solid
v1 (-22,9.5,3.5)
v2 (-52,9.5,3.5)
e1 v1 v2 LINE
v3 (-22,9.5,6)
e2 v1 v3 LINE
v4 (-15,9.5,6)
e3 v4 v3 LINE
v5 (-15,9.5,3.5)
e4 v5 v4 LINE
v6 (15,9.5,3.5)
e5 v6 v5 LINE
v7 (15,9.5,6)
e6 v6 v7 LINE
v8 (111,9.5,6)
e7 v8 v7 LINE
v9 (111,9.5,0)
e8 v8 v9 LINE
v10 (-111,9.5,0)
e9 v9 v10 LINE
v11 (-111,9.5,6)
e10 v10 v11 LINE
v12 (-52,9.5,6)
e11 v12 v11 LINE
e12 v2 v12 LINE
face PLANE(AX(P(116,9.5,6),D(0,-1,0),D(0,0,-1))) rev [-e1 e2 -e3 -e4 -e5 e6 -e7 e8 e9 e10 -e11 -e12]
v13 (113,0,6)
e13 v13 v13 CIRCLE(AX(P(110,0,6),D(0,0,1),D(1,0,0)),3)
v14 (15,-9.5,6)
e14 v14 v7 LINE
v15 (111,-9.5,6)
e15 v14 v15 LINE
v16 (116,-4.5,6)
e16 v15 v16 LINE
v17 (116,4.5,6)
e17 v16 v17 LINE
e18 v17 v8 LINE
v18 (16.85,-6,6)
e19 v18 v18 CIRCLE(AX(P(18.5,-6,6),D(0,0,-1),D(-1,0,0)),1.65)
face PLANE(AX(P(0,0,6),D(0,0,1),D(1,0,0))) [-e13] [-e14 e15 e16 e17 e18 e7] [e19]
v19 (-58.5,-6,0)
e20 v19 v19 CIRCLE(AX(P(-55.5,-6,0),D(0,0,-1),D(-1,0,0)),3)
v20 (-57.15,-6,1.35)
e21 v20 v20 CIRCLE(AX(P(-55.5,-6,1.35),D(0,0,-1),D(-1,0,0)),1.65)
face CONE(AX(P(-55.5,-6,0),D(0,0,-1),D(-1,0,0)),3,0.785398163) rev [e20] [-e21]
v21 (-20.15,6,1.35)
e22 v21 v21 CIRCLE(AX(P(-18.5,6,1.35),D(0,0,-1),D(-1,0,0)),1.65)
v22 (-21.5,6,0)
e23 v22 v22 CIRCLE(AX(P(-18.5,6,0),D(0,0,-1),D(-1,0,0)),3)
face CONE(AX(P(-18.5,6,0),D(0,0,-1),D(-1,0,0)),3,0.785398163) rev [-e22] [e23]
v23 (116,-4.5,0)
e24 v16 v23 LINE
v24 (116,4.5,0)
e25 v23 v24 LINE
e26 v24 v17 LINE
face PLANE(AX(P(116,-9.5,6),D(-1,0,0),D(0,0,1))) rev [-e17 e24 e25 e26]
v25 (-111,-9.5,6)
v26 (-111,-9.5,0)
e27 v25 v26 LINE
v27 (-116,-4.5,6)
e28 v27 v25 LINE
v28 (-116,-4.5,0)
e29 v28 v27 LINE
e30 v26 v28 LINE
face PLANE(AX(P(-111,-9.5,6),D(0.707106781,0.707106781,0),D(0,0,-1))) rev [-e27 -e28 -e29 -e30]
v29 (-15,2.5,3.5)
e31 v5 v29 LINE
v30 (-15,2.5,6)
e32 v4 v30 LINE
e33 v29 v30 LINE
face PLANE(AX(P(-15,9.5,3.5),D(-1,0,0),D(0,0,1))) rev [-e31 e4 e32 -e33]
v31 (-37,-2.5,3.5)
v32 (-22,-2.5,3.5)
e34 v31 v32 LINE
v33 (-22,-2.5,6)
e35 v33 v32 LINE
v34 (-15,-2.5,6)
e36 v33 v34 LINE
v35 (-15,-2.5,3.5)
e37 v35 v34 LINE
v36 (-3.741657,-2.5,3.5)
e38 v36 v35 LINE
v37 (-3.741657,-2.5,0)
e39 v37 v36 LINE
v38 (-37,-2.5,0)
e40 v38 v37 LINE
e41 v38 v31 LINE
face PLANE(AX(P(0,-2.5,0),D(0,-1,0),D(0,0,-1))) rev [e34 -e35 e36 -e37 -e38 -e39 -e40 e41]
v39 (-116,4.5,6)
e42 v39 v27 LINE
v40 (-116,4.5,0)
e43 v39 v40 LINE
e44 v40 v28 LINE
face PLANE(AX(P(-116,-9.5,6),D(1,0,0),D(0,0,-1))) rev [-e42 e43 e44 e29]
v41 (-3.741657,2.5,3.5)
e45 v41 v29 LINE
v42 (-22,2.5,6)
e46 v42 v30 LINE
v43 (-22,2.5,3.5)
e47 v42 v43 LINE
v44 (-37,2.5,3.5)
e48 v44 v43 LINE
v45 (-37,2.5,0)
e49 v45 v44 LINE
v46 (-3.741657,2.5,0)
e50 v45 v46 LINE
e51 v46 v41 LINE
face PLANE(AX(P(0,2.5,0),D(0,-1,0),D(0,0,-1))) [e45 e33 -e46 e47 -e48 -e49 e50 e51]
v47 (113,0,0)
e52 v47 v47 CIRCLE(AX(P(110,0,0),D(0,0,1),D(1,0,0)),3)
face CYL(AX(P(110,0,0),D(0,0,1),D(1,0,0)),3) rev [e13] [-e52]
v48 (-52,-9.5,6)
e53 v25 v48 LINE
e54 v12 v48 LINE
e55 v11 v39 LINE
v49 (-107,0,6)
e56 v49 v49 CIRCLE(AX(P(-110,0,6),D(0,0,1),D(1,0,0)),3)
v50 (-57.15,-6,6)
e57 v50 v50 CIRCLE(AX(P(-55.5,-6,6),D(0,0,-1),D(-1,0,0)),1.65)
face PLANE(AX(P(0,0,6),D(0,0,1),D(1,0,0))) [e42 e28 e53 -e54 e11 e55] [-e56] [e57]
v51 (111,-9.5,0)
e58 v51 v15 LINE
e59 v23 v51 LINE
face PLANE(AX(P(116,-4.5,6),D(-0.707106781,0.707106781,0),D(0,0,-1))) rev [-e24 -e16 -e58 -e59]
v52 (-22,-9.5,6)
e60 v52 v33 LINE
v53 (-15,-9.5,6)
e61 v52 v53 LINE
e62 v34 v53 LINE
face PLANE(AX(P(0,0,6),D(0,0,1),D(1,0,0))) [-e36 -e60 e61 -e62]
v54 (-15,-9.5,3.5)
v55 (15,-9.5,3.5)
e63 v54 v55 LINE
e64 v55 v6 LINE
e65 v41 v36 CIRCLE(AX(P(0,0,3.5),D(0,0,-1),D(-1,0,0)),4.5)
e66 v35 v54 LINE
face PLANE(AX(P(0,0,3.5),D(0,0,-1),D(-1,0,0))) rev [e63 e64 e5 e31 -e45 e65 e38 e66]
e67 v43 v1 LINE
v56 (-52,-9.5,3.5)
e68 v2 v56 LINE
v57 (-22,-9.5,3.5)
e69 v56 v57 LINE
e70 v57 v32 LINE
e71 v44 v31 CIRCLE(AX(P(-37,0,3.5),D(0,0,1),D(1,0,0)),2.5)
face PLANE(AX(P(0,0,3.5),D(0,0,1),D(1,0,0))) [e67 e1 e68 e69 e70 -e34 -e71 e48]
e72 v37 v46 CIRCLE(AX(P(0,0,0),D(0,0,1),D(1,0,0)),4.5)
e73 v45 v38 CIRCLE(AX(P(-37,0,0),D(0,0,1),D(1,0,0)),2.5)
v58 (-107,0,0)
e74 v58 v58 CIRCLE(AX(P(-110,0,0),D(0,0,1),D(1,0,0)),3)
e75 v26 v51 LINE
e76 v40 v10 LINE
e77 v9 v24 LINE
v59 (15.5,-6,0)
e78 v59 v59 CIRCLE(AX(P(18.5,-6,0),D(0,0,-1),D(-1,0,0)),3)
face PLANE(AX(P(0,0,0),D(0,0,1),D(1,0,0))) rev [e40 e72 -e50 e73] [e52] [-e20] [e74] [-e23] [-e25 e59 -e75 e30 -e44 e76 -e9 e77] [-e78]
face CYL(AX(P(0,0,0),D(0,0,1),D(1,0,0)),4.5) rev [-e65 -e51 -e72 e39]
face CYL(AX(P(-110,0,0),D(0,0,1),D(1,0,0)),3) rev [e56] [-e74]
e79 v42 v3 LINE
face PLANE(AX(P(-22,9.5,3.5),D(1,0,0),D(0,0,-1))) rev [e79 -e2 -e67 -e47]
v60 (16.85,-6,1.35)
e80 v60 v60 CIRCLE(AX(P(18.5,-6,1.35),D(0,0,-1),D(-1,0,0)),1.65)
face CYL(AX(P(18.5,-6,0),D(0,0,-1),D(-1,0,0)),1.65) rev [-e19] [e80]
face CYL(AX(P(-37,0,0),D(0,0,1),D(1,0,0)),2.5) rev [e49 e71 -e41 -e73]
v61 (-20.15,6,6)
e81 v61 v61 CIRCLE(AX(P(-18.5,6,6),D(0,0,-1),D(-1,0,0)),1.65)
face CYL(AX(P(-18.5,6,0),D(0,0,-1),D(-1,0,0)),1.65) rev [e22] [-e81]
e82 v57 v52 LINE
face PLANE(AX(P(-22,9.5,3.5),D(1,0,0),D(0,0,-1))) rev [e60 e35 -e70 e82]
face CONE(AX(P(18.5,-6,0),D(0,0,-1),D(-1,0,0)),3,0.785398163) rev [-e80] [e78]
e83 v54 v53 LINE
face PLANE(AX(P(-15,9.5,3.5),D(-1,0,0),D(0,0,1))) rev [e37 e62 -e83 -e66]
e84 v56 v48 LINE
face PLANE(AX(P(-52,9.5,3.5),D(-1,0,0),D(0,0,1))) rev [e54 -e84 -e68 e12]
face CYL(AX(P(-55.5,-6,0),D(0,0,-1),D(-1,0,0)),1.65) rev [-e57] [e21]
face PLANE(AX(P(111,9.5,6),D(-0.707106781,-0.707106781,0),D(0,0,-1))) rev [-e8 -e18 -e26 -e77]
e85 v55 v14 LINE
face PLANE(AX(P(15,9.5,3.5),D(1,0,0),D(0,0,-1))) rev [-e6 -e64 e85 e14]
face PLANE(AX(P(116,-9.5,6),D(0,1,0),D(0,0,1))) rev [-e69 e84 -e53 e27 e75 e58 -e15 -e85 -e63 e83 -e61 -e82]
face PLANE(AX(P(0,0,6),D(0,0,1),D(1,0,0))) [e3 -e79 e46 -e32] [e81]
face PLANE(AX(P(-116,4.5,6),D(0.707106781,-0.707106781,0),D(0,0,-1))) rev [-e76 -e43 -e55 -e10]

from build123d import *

# Parameters (mm, degrees)
SKETCH_1_W                   = 232
SKETCH_1_H                   = 19
EXTRUDE_1_DEPTH              = 6
SKETCH_3_W                   = 30
SKETCH_3_H                   = 19
CUT_EXTRUDE_2_DEPTH          = 2.5
SKETCH_5_R                   = 3
CUT_EXTRUDE_4_DEPTH          = 117.542910552
SKETCH_4_R                   = 4.5
CUT_EXTRUDE_3_DEPTH          = 117.542910552
CHAMFER_1_SIZE               = 5
HOLE_WIZARD_M6_1_D           = 3.3
HOLE_WIZARD_M6_1_CSINK_D     = 6
HOLE_WIZARD_M6_1_CSINK_ANGLE = 90


with BuildPart() as part:
    # 草图1 → 凸台-拉伸1 (new body)
    with BuildSketch(Plane.XY):
        Rectangle(SKETCH_1_W, SKETCH_1_H)
    extrude(amount=EXTRUDE_1_DEPTH)

    # 草图3 → 切除-拉伸2 (cut)
    with BuildSketch(Plane.XY.offset(6)):
        with Locations((-37, 0)):
            Rectangle(SKETCH_3_W, SKETCH_3_H)
        Rectangle(SKETCH_3_W, SKETCH_3_H)
    extrude(amount=-CUT_EXTRUDE_2_DEPTH, mode=Mode.SUBTRACT)

    # 草图5 → 切除-拉伸4 (cut, through all)
    with BuildSketch(Plane.XY.offset(6)):
        with Locations((110, 0)):
            Circle(SKETCH_5_R)
        with Locations((-110, 0)):
            Circle(SKETCH_5_R)
    extrude(amount=-CUT_EXTRUDE_4_DEPTH, mode=Mode.SUBTRACT)

    # 草图4 → 切除-拉伸3 (cut, through all)
    with BuildSketch(Plane.XY.offset(6)):
        Circle(SKETCH_4_R)
        with BuildLine():
            Line((-37, 2.5), (0, 2.5))
            ThreePointArc((0, 2.5), (2.5, 0), (0, -2.5))
            Line((0, -2.5), (-37, -2.5))
            ThreePointArc((-37, -2.5), (-39.5, 0), (-37, 2.5))
        make_face()
    extrude(amount=-CUT_EXTRUDE_3_DEPTH, mode=Mode.SUBTRACT)

    # 倒角1
    chamfer_1_edges = [part.edges().sort_by_distance(p)[0] for p in [
        (-116, 9.5, 3),
        (116, 9.5, 3),
        (116, -9.5, 3),
        (-116, -9.5, 3),
    ]]
    chamfer(chamfer_1_edges, length=CHAMFER_1_SIZE)

    # M6 内六角花形半沉头螺钉的锥形沉头孔1 (through all)
    with Locations(Plane(origin=(0, 0, 0), x_dir=(1, 0, 0), z_dir=(0, 0, -1))):
        with Locations((-18.5, -6), (-55.5, 6), (18.5, 6)):
            CounterSinkHole(HOLE_WIZARD_M6_1_D / 2, HOLE_WIZARD_M6_1_CSINK_D / 2, counter_sink_angle=HOLE_WIZARD_M6_1_CSINK_ANGLE)


solid = part.part
